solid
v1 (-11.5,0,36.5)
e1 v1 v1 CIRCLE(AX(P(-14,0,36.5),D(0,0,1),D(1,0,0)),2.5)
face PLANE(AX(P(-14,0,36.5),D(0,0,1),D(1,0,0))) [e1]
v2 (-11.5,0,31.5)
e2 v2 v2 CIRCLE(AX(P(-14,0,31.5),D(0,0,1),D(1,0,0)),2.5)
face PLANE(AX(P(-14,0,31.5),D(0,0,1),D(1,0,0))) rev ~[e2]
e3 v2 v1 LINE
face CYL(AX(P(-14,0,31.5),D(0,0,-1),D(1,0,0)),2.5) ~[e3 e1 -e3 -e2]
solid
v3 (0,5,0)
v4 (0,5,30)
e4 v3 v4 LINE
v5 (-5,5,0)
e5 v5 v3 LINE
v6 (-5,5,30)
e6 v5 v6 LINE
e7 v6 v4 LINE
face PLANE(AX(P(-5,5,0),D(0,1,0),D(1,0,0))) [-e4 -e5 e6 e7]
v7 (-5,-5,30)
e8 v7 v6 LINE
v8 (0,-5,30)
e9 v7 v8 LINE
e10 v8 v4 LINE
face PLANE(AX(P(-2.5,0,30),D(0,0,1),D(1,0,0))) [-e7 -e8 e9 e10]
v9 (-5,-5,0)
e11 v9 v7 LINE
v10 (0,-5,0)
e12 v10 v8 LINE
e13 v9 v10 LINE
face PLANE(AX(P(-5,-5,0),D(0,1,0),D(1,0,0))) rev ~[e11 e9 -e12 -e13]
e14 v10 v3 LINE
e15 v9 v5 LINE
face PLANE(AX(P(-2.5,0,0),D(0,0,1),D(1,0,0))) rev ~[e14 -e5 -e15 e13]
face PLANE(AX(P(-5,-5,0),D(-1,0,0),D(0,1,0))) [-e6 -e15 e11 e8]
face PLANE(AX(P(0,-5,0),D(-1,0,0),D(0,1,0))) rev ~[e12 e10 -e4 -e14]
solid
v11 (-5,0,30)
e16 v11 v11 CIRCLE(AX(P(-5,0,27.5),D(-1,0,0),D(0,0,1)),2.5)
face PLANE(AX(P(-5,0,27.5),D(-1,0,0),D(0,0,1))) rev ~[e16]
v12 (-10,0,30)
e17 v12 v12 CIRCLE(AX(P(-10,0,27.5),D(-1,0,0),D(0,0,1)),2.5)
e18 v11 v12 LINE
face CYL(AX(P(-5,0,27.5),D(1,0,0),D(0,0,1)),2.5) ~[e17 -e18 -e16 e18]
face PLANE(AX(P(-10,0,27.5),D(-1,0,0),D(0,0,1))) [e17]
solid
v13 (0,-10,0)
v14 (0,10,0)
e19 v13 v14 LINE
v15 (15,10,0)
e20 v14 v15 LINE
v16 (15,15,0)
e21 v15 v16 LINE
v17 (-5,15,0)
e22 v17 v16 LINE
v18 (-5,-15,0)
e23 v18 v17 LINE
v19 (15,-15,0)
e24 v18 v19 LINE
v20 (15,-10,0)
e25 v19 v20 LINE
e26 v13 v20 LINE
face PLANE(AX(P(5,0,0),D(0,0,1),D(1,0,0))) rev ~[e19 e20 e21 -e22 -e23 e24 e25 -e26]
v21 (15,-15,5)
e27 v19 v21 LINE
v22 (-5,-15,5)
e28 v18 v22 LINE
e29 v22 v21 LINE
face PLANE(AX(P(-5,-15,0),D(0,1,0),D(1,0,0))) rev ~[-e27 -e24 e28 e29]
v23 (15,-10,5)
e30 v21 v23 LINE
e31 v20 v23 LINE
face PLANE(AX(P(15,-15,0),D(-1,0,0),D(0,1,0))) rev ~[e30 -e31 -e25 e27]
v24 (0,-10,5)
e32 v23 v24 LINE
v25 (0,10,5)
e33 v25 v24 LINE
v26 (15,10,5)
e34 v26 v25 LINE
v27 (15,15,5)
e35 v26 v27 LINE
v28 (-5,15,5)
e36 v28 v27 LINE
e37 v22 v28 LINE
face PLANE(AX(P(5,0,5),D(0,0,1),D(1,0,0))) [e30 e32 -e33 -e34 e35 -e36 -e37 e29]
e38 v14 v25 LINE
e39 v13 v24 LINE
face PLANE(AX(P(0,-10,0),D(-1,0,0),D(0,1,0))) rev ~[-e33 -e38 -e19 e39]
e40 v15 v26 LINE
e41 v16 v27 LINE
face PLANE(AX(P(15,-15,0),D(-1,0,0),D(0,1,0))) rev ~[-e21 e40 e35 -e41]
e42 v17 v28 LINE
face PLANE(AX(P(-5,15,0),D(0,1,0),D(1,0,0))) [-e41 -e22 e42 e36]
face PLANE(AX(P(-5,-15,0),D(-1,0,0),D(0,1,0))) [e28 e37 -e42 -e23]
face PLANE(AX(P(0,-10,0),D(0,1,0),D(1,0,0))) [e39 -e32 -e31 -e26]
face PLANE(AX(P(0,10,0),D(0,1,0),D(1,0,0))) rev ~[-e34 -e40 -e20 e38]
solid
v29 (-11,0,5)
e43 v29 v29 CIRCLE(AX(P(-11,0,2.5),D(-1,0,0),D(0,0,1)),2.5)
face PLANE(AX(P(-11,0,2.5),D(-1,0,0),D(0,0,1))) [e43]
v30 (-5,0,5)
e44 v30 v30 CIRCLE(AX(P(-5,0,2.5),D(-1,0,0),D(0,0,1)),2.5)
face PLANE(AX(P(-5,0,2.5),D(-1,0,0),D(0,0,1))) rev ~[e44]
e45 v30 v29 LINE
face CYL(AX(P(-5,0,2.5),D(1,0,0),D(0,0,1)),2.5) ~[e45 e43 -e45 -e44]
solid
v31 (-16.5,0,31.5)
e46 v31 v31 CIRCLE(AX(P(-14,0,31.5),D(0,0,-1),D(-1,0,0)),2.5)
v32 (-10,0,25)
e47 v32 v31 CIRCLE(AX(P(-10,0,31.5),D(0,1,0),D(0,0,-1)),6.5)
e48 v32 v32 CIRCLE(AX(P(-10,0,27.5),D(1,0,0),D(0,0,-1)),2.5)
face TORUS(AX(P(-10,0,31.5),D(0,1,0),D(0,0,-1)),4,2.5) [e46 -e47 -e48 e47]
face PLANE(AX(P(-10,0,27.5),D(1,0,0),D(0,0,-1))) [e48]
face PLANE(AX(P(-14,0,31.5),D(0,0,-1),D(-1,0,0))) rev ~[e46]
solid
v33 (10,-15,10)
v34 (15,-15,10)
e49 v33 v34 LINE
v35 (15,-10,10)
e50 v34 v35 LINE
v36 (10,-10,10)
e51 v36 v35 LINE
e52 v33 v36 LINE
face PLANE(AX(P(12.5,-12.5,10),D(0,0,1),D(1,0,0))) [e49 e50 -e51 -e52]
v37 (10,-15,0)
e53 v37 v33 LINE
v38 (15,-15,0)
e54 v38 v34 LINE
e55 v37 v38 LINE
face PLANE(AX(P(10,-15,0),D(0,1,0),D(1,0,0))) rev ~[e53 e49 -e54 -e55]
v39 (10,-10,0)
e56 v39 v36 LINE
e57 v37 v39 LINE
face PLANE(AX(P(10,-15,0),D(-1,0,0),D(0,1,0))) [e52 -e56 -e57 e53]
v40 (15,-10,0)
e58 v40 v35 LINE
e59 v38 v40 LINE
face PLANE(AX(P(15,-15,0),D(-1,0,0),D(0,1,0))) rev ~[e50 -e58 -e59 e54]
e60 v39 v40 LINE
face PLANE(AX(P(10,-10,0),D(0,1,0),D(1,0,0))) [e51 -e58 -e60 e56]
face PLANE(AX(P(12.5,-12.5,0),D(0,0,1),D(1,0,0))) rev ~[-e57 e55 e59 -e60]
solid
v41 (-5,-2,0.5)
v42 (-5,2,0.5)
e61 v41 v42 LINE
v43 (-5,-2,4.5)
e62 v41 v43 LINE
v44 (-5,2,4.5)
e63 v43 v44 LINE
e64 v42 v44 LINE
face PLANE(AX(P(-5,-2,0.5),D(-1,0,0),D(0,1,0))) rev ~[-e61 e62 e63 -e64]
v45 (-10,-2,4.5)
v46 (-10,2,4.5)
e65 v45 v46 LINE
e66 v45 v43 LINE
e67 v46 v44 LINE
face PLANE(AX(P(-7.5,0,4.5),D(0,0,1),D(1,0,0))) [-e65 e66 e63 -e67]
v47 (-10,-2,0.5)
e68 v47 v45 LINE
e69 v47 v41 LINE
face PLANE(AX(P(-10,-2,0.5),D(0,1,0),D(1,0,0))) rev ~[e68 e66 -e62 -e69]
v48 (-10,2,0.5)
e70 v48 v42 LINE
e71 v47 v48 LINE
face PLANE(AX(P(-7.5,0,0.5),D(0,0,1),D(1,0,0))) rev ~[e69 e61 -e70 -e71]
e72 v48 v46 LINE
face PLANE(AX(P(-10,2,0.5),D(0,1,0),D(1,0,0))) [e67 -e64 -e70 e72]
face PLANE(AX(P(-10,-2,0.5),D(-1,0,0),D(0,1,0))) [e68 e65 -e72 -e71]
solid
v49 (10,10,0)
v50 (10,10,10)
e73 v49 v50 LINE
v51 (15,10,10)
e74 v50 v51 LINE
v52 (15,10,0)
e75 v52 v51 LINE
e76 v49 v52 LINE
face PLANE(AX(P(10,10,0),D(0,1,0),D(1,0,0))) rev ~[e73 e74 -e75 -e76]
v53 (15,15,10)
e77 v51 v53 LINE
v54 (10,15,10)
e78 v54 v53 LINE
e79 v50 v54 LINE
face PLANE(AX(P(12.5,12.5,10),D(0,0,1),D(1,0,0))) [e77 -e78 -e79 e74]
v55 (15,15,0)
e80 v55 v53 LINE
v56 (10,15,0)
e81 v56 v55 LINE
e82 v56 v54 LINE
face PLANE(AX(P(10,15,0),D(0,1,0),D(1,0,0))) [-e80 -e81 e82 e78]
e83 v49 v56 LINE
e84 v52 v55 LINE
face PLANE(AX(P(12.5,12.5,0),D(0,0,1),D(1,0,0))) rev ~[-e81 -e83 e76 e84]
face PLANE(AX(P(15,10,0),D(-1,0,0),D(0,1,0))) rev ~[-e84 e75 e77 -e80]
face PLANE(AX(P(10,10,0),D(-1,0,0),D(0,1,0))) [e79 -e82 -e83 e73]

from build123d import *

# Parameters (mm, degrees)
CYLINDER002_R           = 2.5
CYLINDER002_DEPTH       = 6
CYLINDER002_PITCH_ANGLE = -90
BOX001_W                = 5
BOX001_H                = 10
BOX001_DEPTH            = 30
CYLINDER003_R           = 2.5
CYLINDER003_DEPTH       = 5
CYLINDER003_PITCH_ANGLE = -90
TORUS_R                 = 2.5
TORUS_ANGLE             = 90
CYLINDER004_R           = 2.5
CYLINDER004_DEPTH       = 5
BOX002_W                = 5
BOX002_H                = 4
BOX002_DEPTH            = 4
BOX003_W                = 15
BOX003_H                = 20
BOX003_DEPTH            = 10
BOX_W                   = 20
BOX_H                   = 30
BOX_DEPTH               = 5
BOX004_W                = 5
BOX004_H                = 5
BOX004_DEPTH            = 10
BOX005_W                = 5
BOX005_H                = 5
BOX005_DEPTH            = 10


with BuildPart() as cylinder002:
    # Cylinder002 → Cylinder002 (new body)
    with BuildSketch(Plane.XY):
        Circle(CYLINDER002_R)
    extrude(amount=CYLINDER002_DEPTH)


with BuildPart() as cylinder002_1:
    # Cylinder002 pitch: moved
    add(cylinder002.part.rotate(Axis((0, 0, 0), (0, 1, 0)), CYLINDER002_PITCH_ANGLE))


with BuildPart() as cylinder002_2:
    # Cylinder002 placement: moved
    add(cylinder002_1.part.moved(Location((-5, 0, 2.5))))


with BuildPart() as cube001:
    # Box001 → Box001 (new body)
    with BuildSketch(Plane(origin=(-5, -5, 0), x_dir=(1, 0, 0), z_dir=(0, 0, 1))):
        with Locations((2.5, 5)):
            Rectangle(BOX001_W, BOX001_H)
    extrude(amount=BOX001_DEPTH)


with BuildPart() as cylinder003:
    # Cylinder003 → Cylinder003 (new body)
    with BuildSketch(Plane.XY):
        Circle(CYLINDER003_R)
    extrude(amount=CYLINDER003_DEPTH)


with BuildPart() as cylinder003_1:
    # Cylinder003 pitch: moved
    add(cylinder003.part.rotate(Axis((0, 0, 0), (0, 1, 0)), CYLINDER003_PITCH_ANGLE))


with BuildPart() as cylinder003_2:
    # Cylinder003 placement: moved
    add(cylinder003_1.part.moved(Location((-5, 0, 27.5))))


with BuildPart() as torus:
    # Torus → Torus (revolve)
    with BuildSketch(Plane(origin=(-10, 0, 31.5), x_dir=(0, 0, -1), z_dir=(1, 0, 0))):
        with Locations((4, 0)):
            Circle(TORUS_R)
    revolve(axis=Axis((-10, 0, 31.5), (0, 1, 0)), revolution_arc=TORUS_ANGLE)


with BuildPart() as cylinder004:
    # Cylinder004 → Cylinder004 (new body)
    with BuildSketch(Plane(origin=(-14, 0, 31.5), x_dir=(1, 0, 0), z_dir=(0, 0, 1))):
        Circle(CYLINDER004_R)
    extrude(amount=CYLINDER004_DEPTH)


with BuildPart() as cube002:
    # Box002 → Box002 (new body)
    with BuildSketch(Plane(origin=(-10, -2, 0.5), x_dir=(1, 0, 0), z_dir=(0, 0, 1))):
        with Locations((2.5, 2)):
            Rectangle(BOX002_W, BOX002_H)
    extrude(amount=BOX002_DEPTH)


with BuildPart() as cube003:
    # Box003 → Box003 (new body)
    with BuildSketch(Plane(origin=(0, -10, 0), x_dir=(1, 0, 0), z_dir=(0, 0, 1))):
        with Locations((7.5, 10)):
            Rectangle(BOX003_W, BOX003_H)
    extrude(amount=BOX003_DEPTH)


with BuildPart() as cut:
    # Box → Box (new body)
    with BuildSketch(Plane(origin=(-5, -15, 0), x_dir=(1, 0, 0), z_dir=(0, 0, 1))):
        with Locations((10, 15)):
            Rectangle(BOX_W, BOX_H)
    extrude(amount=BOX_DEPTH)

    # Cut: cut Cube003
    add(cube003.part, mode=Mode.SUBTRACT)


with BuildPart() as cube004:
    # Box004 → Box004 (new body)
    with BuildSketch(Plane(origin=(10, 10, 0), x_dir=(1, 0, 0), z_dir=(0, 0, 1))):
        with Locations((2.5, 2.5)):
            Rectangle(BOX004_W, BOX004_H)
    extrude(amount=BOX004_DEPTH)


with BuildPart() as cube005:
    # Box005 → Box005 (new body)
    with BuildSketch(Plane(origin=(10, -15, 0), x_dir=(1, 0, 0), z_dir=(0, 0, 1))):
        with Locations((2.5, 2.5)):
            Rectangle(BOX005_W, BOX005_H)
    extrude(amount=BOX005_DEPTH)


solid = Compound([cylinder002_2.part, cube001.part, cylinder003_2.part, torus.part, cylinder004.part, cube002.part, cut.part, cube004.part, cube005.part])
